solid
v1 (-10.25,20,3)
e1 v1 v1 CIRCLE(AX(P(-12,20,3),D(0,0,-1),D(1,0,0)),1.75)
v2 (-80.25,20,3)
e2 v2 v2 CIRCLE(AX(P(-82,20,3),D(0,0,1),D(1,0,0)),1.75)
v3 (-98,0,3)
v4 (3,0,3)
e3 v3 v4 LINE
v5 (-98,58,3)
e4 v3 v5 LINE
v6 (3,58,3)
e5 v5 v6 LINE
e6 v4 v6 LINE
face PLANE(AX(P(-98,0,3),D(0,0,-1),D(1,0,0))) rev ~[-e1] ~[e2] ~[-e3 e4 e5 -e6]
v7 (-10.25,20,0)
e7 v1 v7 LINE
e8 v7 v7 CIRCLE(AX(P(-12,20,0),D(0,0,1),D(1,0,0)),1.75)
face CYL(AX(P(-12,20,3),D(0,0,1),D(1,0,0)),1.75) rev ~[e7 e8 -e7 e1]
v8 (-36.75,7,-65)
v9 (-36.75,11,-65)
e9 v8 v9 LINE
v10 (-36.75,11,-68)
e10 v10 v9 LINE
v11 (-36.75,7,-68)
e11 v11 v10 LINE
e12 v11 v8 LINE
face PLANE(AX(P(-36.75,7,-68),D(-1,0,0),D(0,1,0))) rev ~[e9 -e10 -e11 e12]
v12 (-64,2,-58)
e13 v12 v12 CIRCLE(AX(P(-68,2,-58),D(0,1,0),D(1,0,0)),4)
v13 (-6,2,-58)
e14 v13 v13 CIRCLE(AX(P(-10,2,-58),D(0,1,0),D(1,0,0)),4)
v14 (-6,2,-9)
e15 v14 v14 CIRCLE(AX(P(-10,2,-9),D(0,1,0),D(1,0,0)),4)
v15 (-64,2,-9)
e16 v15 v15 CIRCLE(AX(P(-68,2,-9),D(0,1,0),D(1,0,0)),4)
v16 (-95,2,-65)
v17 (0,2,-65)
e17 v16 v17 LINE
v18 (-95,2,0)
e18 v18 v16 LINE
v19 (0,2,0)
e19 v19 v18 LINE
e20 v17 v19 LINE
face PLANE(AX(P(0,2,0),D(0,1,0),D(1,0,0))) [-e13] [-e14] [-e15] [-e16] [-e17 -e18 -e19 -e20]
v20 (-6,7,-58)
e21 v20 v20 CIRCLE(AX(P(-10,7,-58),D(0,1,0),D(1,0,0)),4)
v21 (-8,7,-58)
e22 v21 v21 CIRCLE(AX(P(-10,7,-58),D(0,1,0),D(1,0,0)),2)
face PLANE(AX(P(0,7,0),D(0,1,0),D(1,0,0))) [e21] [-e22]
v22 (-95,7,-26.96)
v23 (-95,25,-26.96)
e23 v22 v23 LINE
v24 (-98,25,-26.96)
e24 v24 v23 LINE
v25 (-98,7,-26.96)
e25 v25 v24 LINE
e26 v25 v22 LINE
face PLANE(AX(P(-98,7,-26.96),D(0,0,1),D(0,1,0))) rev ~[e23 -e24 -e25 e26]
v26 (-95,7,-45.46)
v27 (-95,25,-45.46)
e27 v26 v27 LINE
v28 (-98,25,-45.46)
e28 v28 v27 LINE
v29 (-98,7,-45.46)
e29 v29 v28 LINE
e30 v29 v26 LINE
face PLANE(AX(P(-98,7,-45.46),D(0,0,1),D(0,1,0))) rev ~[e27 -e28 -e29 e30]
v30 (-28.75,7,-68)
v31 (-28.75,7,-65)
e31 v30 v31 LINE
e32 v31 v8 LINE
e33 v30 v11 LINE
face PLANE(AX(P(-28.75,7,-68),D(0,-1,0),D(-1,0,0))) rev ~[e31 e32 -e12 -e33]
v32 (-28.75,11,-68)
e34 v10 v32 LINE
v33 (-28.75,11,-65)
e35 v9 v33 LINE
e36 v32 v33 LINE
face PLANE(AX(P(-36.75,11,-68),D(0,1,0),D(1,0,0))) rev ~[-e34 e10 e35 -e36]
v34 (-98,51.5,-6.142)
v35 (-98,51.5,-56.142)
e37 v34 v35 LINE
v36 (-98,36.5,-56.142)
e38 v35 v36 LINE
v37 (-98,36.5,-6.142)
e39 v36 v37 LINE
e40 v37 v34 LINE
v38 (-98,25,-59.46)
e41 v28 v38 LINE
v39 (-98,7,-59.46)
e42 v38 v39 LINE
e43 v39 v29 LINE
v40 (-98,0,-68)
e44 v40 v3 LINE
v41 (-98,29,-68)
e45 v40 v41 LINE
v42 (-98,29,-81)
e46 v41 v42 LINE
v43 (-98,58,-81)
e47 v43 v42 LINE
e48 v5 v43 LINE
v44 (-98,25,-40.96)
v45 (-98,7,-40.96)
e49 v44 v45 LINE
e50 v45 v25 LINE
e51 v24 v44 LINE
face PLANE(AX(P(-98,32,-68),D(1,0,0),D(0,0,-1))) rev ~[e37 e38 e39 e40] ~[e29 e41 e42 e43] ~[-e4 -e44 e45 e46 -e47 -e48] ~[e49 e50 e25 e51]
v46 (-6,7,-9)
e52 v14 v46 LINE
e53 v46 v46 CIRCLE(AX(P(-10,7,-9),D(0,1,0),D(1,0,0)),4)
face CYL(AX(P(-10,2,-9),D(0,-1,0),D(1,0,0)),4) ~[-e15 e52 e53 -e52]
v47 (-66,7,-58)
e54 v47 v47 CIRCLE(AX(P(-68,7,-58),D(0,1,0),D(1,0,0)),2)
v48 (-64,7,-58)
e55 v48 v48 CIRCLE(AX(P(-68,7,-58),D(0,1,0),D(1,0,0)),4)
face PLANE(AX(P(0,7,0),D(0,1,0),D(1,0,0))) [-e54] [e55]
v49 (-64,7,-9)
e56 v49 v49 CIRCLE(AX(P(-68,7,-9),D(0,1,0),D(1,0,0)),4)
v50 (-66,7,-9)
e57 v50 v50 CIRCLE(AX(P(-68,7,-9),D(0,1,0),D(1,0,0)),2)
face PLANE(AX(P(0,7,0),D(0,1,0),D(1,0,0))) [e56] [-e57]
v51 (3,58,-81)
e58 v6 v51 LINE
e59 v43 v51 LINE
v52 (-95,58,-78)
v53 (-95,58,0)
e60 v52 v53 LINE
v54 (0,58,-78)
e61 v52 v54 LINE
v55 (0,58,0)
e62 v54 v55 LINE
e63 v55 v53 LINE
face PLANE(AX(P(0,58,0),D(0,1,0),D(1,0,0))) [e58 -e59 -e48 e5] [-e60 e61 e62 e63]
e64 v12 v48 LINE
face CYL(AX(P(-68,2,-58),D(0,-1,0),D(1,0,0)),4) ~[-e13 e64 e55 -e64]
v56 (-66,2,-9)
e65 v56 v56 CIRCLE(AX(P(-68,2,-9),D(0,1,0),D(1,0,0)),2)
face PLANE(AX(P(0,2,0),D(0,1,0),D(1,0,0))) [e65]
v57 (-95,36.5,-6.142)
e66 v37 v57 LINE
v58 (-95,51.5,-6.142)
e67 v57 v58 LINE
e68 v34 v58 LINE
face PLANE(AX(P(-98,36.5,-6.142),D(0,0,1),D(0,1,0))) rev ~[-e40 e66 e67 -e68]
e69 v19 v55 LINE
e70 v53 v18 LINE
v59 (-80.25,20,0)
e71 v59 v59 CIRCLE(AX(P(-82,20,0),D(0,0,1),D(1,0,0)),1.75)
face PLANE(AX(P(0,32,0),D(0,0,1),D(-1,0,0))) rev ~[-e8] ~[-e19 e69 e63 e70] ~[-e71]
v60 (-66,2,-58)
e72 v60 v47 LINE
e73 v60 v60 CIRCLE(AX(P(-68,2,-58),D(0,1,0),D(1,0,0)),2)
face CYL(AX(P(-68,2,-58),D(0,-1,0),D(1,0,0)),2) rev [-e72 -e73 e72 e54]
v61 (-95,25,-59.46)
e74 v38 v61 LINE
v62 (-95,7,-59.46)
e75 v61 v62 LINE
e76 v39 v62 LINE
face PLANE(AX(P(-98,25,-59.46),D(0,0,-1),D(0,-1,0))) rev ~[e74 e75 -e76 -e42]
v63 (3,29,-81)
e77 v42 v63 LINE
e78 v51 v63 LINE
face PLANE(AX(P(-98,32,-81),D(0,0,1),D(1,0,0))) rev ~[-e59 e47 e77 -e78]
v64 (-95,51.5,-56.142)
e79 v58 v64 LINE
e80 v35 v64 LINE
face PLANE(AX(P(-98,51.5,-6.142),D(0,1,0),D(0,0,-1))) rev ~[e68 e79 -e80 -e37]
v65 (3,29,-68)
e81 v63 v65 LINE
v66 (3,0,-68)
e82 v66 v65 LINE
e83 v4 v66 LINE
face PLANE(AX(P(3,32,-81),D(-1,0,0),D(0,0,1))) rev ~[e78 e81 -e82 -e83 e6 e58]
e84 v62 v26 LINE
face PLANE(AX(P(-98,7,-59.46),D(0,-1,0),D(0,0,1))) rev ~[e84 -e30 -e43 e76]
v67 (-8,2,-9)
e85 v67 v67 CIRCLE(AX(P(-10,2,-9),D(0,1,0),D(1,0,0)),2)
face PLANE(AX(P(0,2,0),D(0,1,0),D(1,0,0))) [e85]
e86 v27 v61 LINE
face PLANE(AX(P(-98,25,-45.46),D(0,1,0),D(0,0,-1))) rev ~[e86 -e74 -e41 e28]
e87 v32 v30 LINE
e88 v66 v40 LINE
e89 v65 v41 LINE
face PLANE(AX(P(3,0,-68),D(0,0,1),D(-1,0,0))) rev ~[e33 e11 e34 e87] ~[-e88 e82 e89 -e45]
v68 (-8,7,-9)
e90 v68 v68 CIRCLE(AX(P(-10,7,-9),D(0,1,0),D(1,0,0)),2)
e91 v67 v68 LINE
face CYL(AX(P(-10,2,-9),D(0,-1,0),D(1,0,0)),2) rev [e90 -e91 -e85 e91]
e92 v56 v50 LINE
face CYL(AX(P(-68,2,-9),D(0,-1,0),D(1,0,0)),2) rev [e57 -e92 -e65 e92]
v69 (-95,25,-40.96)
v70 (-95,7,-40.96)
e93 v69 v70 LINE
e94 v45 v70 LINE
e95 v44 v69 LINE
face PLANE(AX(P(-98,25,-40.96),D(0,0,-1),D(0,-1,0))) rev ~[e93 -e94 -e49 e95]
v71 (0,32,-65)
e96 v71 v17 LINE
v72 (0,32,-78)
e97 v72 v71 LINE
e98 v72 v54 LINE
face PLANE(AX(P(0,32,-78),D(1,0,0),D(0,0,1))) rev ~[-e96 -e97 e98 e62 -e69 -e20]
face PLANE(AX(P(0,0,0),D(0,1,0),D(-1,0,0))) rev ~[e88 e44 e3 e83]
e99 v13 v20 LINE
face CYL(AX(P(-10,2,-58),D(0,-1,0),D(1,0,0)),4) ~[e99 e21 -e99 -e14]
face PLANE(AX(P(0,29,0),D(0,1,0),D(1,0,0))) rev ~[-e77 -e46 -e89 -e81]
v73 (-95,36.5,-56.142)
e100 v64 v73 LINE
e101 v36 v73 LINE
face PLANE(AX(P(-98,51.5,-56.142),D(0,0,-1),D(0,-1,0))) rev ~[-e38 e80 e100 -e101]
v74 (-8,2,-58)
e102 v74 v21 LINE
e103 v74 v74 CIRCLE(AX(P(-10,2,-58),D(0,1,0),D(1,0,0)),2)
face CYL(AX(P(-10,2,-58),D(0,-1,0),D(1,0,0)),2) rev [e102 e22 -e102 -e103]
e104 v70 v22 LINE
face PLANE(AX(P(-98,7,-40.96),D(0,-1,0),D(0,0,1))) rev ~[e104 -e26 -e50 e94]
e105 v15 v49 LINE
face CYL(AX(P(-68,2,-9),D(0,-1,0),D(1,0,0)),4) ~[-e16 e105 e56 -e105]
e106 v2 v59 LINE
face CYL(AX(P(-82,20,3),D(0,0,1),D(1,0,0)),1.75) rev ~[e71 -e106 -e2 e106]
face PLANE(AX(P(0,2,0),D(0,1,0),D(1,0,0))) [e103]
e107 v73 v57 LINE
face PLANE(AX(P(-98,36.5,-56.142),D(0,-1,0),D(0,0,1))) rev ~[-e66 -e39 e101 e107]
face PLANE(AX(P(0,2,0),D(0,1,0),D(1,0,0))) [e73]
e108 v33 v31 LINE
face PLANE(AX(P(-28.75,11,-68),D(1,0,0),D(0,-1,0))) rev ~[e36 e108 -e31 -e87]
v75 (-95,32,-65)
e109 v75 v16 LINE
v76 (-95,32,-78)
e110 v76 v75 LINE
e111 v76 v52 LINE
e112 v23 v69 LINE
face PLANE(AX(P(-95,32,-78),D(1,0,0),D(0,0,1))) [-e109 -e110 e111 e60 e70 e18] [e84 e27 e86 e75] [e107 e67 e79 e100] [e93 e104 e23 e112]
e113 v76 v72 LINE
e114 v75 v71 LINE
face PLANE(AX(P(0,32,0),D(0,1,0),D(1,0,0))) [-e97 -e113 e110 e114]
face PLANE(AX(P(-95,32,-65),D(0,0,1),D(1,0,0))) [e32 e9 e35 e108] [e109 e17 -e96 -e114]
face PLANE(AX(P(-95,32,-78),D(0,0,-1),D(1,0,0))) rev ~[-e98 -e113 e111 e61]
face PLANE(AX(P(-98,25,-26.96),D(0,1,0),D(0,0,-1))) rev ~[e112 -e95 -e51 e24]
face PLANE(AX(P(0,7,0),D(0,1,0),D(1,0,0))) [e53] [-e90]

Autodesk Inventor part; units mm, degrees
ref_plane "YZ Plane" through (0, 0, 0) normal (1, 0, 0) x (0, 1, 0)
ref_plane "XZ Plane" through (0, 0, 0) normal (0, 1, 0) x (-1, 0, 0)
ref_plane "XY Plane" through (0, 0, 0) normal (0, 0, 1) x (1, 0, 0)
sketch "Sketch1" plane through (0, 0, 0) normal (0, 1, 0) x (-1, 0, 0)
  line L0 (0, 0) -> (95, 0)
  line L1 (95, 0) -> (95, -65)
  line L2 (95, -65) -> (0, -65)
  line L3 (0, -65) -> (0, 0)
  line L4 (98, -68) -> (98, 3)
  line L5 (98, 3) -> (-3, 3)
  line L6 (-3, 3) -> (-3, -68)
  line L7 (-3, -68) -> (98, -68)
  dimension "d0" = 95
  dimension "d1" = 65
  dimension "d2" = 3
extrude "Extrusion1" add sketch "Sketch1" along normal blind 32 contours L0 L1 L2 L3 | L7 L6 L5 L4
sketch "Sketch2" plane through (0, 32, 0) normal (0, 1, 0) x (1, 0, 0)
  line L0 (0, 0) -> (-95, 0)
  line L1 (-95, 0) -> (-95, 65)
  line L2 (-95, 65) -> (0, 65)
  line L3 (0, 65) -> (0, 0)
  dimension "d5" = 95
  dimension "d6" = 65
extrude "Extrusion2" cut sketch "Sketch2" against normal blind 30
sketch "Sketch3" plane through (0, 2, 0) normal (0, 1, 0) x (1, 0, 0)
  line L0 (0, 65) -> (0, 0) projected
  line L1 (0, 0) -> (0, 9)
  line L2 (0, 9) -> (-10, 9)
  circle A0 centre (-10, 9) radius 2
  circle A1 centre (-10, 9) radius 4
  circle A2 centre (-10, 58) radius 4
  circle A3 centre (-10, 58) radius 2
  circle A4 centre (-68, 9) radius 4
  circle A5 centre (-68, 9) radius 2
  circle A6 centre (-68, 58) radius 4
  circle A7 centre (-68, 58) radius 2
  dimension "d9" = 9
  dimension "d10" = 10
  dimension "d11" = 4
  dimension "d12" = 8
  dimension "d15" = 49
  dimension "d18" = 58
extrude "Extrusion3" add sketch "Sketch3" along normal blind 5
sketch "Sketch4" plane through (0, 32, 0) normal (0, 1, 0) x (1, 0, 0)
  line L0 (3, 68) -> (-98, 68) projected
  line L1 (3, 68) -> (-98, 68)
  line L2 (-98, 68) -> (-98, 81)
  line L3 (-98, 81) -> (3, 81)
  line L4 (3, 81) -> (3, 68)
  point P0 (0, 0)
  dimension "d23" = 13
  dimension "d62" = 101
extrude "Extrusion4" add sketch "Sketch4" against normal blind 3
sketch "Sketch5" plane through (0, 32, 0) normal (0, 1, 0) x (1, 0, 0)
  line L0 (-98, 81) -> (3, 81) projected
  line L1 (3, 81) -> (-97, 81)
  line L2 (-97, 81) -> (-97, 78)
  line L3 (-97, 78) -> (3, 78)
  line L4 (3, 78) -> (3, 81)
  line L5 (3, 81) -> (0, 81)
  line L6 (0, 81) -> (0, -3)
  line L7 (0, -3) -> (3, -3)
  line L8 (3, -3) -> (3, 81)
  line L9 (-98, 68) -> (-98, 81) projected
  line L10 (-98, 81) -> (-95, 81)
  line L11 (-95, 81) -> (-95, -3)
  line L12 (-95, -3) -> (-98, -3)
  line L13 (-98, -3) -> (-98, 81)
  line L14 (-98, -3) -> (2, -3)
  line L15 (2, -3) -> (2, 0)
  line L16 (2, 0) -> (-98, 0)
  line L17 (-98, 0) -> (-98, -3)
  point P0 (0, 0)
  dimension "d26" = 100
  dimension "d27" = 3
  dimension "d28" = 3
  dimension "d29" = 84
  dimension "d30" = 3
  dimension "d31" = 84
  dimension "d32" = 100
  dimension "d33" = 3
extrude "Extrusion5" add sketch "Sketch5" along normal blind 26 contours L0 L2 L3 L11 L16 L13 L9 | L0 L11 L3 L2 | L0 L6 L3 L11 | L16 L11 L12 L13 | L0 L4 L3 L6 | L16 L6 L14 L11 | L3 L8 L7 L15 L16 L6 | L16 L15 L7 L6
sketch "Sketch6" plane through (-98, 0, -68) normal (-1, 0, 0) x (0, 0, 1)
  line L0 (71, 0) -> (71, 32) projected
  line L1 (71, 58) -> (61.858, 58)
  line L2 (71, 58) -> (-13, 58) projected
  line L3 (61.858, 58) -> (61.858, 51.5)
  line L4 (61.858, 51.5) -> (11.858, 51.5)
  line L5 (11.858, 51.5) -> (11.858, 36.5)
  line L6 (11.858, 36.5) -> (61.858, 36.5)
  line L7 (61.858, 36.5) -> (61.858, 51.5)
  line L8 (3, 32) -> (3, 2) projected
  line L9 (3, 2) -> (3, 7)
  line L10 (68, 2) -> (3, 2) projected
  line L11 (3, 2) -> (8, 2) construction
  line L12 (3, 7) -> (8.54, 7)
  line L13 (8.54, 7) -> (22.54, 7)
  line L14 (22.54, 7) -> (22.54, 25)
  line L15 (22.54, 25) -> (8.54, 25)
  line L16 (8.54, 25) -> (8.54, 7)
  line L17 (22.54, 7) -> (27.04, 7)
  line L18 (27.04, 7) -> (41.04, 7)
  line L19 (41.04, 7) -> (41.04, 25)
  line L20 (41.04, 25) -> (27.04, 25)
  line L21 (27.04, 25) -> (27.04, 7)
  point P0 (68, 0)
  dimension "d36" = 9.142
  dimension "d37" = 6.5
  dimension "d38" = 50
  dimension "d39" = 15
  dimension "d40" = 5
  dimension "d41" = 90
  dimension "d42" = 5.54
  dimension "d43" = 14
  dimension "d44" = 18
  dimension "d45" = 4.5
  dimension "d46" = 14
  dimension "d47" = 18
extrude "Extrusion6" cut sketch "Sketch6" against normal blind 3
sketch "Sketch7" plane through (3, 0, -68) normal (0, 0, -1) x (-1, 0, 0)
  line L0 (3, 2) -> (3, 32) projected
  line L1 (3, 2) -> (4, 2)
  line L2 (4, 2) -> (4, 7)
  line L3 (4, 7) -> (31.75, 7)
  line L4 (31.75, 7) -> (39.75, 7)
  line L5 (39.75, 7) -> (39.75, 11)
  line L6 (39.75, 11) -> (31.75, 11)
  line L7 (31.75, 11) -> (31.75, 7)
  point P0 (3, 0)
  point P1 (3, 58)
  dimension "d50" = 1
  dimension "d51" = 5
  dimension "d52" = 27.75
  dimension "d53" = 8
  dimension "d54" = 4
extrude "Extrusion7" cut sketch "Sketch7" against normal blind 3
sketch "Sketch8" plane through (-98, 0, 3) normal (0, 0, 1) x (1, 0, 0)
  line L0 (101, 0) -> (101, 29) projected
  line L1 (101, 0) -> (101, 20)
  line L2 (101, 20) -> (86, 20)
  line L3 (86, 20) -> (16, 20)
  circle A0 centre (86, 20) radius 1.75
  circle A1 centre (16, 20) radius 1.75
  point P0 (98, 0)
  dimension "d63" = 20
  dimension "d64" = 15
  dimension "d65" = 70
  dimension "d66" = 3.5
  dimension "d67" = 3.5
extrude "Extrusion8" cut sketch "Sketch8" against normal blind 10
properties part number "MainPCB_RPI_Case"
